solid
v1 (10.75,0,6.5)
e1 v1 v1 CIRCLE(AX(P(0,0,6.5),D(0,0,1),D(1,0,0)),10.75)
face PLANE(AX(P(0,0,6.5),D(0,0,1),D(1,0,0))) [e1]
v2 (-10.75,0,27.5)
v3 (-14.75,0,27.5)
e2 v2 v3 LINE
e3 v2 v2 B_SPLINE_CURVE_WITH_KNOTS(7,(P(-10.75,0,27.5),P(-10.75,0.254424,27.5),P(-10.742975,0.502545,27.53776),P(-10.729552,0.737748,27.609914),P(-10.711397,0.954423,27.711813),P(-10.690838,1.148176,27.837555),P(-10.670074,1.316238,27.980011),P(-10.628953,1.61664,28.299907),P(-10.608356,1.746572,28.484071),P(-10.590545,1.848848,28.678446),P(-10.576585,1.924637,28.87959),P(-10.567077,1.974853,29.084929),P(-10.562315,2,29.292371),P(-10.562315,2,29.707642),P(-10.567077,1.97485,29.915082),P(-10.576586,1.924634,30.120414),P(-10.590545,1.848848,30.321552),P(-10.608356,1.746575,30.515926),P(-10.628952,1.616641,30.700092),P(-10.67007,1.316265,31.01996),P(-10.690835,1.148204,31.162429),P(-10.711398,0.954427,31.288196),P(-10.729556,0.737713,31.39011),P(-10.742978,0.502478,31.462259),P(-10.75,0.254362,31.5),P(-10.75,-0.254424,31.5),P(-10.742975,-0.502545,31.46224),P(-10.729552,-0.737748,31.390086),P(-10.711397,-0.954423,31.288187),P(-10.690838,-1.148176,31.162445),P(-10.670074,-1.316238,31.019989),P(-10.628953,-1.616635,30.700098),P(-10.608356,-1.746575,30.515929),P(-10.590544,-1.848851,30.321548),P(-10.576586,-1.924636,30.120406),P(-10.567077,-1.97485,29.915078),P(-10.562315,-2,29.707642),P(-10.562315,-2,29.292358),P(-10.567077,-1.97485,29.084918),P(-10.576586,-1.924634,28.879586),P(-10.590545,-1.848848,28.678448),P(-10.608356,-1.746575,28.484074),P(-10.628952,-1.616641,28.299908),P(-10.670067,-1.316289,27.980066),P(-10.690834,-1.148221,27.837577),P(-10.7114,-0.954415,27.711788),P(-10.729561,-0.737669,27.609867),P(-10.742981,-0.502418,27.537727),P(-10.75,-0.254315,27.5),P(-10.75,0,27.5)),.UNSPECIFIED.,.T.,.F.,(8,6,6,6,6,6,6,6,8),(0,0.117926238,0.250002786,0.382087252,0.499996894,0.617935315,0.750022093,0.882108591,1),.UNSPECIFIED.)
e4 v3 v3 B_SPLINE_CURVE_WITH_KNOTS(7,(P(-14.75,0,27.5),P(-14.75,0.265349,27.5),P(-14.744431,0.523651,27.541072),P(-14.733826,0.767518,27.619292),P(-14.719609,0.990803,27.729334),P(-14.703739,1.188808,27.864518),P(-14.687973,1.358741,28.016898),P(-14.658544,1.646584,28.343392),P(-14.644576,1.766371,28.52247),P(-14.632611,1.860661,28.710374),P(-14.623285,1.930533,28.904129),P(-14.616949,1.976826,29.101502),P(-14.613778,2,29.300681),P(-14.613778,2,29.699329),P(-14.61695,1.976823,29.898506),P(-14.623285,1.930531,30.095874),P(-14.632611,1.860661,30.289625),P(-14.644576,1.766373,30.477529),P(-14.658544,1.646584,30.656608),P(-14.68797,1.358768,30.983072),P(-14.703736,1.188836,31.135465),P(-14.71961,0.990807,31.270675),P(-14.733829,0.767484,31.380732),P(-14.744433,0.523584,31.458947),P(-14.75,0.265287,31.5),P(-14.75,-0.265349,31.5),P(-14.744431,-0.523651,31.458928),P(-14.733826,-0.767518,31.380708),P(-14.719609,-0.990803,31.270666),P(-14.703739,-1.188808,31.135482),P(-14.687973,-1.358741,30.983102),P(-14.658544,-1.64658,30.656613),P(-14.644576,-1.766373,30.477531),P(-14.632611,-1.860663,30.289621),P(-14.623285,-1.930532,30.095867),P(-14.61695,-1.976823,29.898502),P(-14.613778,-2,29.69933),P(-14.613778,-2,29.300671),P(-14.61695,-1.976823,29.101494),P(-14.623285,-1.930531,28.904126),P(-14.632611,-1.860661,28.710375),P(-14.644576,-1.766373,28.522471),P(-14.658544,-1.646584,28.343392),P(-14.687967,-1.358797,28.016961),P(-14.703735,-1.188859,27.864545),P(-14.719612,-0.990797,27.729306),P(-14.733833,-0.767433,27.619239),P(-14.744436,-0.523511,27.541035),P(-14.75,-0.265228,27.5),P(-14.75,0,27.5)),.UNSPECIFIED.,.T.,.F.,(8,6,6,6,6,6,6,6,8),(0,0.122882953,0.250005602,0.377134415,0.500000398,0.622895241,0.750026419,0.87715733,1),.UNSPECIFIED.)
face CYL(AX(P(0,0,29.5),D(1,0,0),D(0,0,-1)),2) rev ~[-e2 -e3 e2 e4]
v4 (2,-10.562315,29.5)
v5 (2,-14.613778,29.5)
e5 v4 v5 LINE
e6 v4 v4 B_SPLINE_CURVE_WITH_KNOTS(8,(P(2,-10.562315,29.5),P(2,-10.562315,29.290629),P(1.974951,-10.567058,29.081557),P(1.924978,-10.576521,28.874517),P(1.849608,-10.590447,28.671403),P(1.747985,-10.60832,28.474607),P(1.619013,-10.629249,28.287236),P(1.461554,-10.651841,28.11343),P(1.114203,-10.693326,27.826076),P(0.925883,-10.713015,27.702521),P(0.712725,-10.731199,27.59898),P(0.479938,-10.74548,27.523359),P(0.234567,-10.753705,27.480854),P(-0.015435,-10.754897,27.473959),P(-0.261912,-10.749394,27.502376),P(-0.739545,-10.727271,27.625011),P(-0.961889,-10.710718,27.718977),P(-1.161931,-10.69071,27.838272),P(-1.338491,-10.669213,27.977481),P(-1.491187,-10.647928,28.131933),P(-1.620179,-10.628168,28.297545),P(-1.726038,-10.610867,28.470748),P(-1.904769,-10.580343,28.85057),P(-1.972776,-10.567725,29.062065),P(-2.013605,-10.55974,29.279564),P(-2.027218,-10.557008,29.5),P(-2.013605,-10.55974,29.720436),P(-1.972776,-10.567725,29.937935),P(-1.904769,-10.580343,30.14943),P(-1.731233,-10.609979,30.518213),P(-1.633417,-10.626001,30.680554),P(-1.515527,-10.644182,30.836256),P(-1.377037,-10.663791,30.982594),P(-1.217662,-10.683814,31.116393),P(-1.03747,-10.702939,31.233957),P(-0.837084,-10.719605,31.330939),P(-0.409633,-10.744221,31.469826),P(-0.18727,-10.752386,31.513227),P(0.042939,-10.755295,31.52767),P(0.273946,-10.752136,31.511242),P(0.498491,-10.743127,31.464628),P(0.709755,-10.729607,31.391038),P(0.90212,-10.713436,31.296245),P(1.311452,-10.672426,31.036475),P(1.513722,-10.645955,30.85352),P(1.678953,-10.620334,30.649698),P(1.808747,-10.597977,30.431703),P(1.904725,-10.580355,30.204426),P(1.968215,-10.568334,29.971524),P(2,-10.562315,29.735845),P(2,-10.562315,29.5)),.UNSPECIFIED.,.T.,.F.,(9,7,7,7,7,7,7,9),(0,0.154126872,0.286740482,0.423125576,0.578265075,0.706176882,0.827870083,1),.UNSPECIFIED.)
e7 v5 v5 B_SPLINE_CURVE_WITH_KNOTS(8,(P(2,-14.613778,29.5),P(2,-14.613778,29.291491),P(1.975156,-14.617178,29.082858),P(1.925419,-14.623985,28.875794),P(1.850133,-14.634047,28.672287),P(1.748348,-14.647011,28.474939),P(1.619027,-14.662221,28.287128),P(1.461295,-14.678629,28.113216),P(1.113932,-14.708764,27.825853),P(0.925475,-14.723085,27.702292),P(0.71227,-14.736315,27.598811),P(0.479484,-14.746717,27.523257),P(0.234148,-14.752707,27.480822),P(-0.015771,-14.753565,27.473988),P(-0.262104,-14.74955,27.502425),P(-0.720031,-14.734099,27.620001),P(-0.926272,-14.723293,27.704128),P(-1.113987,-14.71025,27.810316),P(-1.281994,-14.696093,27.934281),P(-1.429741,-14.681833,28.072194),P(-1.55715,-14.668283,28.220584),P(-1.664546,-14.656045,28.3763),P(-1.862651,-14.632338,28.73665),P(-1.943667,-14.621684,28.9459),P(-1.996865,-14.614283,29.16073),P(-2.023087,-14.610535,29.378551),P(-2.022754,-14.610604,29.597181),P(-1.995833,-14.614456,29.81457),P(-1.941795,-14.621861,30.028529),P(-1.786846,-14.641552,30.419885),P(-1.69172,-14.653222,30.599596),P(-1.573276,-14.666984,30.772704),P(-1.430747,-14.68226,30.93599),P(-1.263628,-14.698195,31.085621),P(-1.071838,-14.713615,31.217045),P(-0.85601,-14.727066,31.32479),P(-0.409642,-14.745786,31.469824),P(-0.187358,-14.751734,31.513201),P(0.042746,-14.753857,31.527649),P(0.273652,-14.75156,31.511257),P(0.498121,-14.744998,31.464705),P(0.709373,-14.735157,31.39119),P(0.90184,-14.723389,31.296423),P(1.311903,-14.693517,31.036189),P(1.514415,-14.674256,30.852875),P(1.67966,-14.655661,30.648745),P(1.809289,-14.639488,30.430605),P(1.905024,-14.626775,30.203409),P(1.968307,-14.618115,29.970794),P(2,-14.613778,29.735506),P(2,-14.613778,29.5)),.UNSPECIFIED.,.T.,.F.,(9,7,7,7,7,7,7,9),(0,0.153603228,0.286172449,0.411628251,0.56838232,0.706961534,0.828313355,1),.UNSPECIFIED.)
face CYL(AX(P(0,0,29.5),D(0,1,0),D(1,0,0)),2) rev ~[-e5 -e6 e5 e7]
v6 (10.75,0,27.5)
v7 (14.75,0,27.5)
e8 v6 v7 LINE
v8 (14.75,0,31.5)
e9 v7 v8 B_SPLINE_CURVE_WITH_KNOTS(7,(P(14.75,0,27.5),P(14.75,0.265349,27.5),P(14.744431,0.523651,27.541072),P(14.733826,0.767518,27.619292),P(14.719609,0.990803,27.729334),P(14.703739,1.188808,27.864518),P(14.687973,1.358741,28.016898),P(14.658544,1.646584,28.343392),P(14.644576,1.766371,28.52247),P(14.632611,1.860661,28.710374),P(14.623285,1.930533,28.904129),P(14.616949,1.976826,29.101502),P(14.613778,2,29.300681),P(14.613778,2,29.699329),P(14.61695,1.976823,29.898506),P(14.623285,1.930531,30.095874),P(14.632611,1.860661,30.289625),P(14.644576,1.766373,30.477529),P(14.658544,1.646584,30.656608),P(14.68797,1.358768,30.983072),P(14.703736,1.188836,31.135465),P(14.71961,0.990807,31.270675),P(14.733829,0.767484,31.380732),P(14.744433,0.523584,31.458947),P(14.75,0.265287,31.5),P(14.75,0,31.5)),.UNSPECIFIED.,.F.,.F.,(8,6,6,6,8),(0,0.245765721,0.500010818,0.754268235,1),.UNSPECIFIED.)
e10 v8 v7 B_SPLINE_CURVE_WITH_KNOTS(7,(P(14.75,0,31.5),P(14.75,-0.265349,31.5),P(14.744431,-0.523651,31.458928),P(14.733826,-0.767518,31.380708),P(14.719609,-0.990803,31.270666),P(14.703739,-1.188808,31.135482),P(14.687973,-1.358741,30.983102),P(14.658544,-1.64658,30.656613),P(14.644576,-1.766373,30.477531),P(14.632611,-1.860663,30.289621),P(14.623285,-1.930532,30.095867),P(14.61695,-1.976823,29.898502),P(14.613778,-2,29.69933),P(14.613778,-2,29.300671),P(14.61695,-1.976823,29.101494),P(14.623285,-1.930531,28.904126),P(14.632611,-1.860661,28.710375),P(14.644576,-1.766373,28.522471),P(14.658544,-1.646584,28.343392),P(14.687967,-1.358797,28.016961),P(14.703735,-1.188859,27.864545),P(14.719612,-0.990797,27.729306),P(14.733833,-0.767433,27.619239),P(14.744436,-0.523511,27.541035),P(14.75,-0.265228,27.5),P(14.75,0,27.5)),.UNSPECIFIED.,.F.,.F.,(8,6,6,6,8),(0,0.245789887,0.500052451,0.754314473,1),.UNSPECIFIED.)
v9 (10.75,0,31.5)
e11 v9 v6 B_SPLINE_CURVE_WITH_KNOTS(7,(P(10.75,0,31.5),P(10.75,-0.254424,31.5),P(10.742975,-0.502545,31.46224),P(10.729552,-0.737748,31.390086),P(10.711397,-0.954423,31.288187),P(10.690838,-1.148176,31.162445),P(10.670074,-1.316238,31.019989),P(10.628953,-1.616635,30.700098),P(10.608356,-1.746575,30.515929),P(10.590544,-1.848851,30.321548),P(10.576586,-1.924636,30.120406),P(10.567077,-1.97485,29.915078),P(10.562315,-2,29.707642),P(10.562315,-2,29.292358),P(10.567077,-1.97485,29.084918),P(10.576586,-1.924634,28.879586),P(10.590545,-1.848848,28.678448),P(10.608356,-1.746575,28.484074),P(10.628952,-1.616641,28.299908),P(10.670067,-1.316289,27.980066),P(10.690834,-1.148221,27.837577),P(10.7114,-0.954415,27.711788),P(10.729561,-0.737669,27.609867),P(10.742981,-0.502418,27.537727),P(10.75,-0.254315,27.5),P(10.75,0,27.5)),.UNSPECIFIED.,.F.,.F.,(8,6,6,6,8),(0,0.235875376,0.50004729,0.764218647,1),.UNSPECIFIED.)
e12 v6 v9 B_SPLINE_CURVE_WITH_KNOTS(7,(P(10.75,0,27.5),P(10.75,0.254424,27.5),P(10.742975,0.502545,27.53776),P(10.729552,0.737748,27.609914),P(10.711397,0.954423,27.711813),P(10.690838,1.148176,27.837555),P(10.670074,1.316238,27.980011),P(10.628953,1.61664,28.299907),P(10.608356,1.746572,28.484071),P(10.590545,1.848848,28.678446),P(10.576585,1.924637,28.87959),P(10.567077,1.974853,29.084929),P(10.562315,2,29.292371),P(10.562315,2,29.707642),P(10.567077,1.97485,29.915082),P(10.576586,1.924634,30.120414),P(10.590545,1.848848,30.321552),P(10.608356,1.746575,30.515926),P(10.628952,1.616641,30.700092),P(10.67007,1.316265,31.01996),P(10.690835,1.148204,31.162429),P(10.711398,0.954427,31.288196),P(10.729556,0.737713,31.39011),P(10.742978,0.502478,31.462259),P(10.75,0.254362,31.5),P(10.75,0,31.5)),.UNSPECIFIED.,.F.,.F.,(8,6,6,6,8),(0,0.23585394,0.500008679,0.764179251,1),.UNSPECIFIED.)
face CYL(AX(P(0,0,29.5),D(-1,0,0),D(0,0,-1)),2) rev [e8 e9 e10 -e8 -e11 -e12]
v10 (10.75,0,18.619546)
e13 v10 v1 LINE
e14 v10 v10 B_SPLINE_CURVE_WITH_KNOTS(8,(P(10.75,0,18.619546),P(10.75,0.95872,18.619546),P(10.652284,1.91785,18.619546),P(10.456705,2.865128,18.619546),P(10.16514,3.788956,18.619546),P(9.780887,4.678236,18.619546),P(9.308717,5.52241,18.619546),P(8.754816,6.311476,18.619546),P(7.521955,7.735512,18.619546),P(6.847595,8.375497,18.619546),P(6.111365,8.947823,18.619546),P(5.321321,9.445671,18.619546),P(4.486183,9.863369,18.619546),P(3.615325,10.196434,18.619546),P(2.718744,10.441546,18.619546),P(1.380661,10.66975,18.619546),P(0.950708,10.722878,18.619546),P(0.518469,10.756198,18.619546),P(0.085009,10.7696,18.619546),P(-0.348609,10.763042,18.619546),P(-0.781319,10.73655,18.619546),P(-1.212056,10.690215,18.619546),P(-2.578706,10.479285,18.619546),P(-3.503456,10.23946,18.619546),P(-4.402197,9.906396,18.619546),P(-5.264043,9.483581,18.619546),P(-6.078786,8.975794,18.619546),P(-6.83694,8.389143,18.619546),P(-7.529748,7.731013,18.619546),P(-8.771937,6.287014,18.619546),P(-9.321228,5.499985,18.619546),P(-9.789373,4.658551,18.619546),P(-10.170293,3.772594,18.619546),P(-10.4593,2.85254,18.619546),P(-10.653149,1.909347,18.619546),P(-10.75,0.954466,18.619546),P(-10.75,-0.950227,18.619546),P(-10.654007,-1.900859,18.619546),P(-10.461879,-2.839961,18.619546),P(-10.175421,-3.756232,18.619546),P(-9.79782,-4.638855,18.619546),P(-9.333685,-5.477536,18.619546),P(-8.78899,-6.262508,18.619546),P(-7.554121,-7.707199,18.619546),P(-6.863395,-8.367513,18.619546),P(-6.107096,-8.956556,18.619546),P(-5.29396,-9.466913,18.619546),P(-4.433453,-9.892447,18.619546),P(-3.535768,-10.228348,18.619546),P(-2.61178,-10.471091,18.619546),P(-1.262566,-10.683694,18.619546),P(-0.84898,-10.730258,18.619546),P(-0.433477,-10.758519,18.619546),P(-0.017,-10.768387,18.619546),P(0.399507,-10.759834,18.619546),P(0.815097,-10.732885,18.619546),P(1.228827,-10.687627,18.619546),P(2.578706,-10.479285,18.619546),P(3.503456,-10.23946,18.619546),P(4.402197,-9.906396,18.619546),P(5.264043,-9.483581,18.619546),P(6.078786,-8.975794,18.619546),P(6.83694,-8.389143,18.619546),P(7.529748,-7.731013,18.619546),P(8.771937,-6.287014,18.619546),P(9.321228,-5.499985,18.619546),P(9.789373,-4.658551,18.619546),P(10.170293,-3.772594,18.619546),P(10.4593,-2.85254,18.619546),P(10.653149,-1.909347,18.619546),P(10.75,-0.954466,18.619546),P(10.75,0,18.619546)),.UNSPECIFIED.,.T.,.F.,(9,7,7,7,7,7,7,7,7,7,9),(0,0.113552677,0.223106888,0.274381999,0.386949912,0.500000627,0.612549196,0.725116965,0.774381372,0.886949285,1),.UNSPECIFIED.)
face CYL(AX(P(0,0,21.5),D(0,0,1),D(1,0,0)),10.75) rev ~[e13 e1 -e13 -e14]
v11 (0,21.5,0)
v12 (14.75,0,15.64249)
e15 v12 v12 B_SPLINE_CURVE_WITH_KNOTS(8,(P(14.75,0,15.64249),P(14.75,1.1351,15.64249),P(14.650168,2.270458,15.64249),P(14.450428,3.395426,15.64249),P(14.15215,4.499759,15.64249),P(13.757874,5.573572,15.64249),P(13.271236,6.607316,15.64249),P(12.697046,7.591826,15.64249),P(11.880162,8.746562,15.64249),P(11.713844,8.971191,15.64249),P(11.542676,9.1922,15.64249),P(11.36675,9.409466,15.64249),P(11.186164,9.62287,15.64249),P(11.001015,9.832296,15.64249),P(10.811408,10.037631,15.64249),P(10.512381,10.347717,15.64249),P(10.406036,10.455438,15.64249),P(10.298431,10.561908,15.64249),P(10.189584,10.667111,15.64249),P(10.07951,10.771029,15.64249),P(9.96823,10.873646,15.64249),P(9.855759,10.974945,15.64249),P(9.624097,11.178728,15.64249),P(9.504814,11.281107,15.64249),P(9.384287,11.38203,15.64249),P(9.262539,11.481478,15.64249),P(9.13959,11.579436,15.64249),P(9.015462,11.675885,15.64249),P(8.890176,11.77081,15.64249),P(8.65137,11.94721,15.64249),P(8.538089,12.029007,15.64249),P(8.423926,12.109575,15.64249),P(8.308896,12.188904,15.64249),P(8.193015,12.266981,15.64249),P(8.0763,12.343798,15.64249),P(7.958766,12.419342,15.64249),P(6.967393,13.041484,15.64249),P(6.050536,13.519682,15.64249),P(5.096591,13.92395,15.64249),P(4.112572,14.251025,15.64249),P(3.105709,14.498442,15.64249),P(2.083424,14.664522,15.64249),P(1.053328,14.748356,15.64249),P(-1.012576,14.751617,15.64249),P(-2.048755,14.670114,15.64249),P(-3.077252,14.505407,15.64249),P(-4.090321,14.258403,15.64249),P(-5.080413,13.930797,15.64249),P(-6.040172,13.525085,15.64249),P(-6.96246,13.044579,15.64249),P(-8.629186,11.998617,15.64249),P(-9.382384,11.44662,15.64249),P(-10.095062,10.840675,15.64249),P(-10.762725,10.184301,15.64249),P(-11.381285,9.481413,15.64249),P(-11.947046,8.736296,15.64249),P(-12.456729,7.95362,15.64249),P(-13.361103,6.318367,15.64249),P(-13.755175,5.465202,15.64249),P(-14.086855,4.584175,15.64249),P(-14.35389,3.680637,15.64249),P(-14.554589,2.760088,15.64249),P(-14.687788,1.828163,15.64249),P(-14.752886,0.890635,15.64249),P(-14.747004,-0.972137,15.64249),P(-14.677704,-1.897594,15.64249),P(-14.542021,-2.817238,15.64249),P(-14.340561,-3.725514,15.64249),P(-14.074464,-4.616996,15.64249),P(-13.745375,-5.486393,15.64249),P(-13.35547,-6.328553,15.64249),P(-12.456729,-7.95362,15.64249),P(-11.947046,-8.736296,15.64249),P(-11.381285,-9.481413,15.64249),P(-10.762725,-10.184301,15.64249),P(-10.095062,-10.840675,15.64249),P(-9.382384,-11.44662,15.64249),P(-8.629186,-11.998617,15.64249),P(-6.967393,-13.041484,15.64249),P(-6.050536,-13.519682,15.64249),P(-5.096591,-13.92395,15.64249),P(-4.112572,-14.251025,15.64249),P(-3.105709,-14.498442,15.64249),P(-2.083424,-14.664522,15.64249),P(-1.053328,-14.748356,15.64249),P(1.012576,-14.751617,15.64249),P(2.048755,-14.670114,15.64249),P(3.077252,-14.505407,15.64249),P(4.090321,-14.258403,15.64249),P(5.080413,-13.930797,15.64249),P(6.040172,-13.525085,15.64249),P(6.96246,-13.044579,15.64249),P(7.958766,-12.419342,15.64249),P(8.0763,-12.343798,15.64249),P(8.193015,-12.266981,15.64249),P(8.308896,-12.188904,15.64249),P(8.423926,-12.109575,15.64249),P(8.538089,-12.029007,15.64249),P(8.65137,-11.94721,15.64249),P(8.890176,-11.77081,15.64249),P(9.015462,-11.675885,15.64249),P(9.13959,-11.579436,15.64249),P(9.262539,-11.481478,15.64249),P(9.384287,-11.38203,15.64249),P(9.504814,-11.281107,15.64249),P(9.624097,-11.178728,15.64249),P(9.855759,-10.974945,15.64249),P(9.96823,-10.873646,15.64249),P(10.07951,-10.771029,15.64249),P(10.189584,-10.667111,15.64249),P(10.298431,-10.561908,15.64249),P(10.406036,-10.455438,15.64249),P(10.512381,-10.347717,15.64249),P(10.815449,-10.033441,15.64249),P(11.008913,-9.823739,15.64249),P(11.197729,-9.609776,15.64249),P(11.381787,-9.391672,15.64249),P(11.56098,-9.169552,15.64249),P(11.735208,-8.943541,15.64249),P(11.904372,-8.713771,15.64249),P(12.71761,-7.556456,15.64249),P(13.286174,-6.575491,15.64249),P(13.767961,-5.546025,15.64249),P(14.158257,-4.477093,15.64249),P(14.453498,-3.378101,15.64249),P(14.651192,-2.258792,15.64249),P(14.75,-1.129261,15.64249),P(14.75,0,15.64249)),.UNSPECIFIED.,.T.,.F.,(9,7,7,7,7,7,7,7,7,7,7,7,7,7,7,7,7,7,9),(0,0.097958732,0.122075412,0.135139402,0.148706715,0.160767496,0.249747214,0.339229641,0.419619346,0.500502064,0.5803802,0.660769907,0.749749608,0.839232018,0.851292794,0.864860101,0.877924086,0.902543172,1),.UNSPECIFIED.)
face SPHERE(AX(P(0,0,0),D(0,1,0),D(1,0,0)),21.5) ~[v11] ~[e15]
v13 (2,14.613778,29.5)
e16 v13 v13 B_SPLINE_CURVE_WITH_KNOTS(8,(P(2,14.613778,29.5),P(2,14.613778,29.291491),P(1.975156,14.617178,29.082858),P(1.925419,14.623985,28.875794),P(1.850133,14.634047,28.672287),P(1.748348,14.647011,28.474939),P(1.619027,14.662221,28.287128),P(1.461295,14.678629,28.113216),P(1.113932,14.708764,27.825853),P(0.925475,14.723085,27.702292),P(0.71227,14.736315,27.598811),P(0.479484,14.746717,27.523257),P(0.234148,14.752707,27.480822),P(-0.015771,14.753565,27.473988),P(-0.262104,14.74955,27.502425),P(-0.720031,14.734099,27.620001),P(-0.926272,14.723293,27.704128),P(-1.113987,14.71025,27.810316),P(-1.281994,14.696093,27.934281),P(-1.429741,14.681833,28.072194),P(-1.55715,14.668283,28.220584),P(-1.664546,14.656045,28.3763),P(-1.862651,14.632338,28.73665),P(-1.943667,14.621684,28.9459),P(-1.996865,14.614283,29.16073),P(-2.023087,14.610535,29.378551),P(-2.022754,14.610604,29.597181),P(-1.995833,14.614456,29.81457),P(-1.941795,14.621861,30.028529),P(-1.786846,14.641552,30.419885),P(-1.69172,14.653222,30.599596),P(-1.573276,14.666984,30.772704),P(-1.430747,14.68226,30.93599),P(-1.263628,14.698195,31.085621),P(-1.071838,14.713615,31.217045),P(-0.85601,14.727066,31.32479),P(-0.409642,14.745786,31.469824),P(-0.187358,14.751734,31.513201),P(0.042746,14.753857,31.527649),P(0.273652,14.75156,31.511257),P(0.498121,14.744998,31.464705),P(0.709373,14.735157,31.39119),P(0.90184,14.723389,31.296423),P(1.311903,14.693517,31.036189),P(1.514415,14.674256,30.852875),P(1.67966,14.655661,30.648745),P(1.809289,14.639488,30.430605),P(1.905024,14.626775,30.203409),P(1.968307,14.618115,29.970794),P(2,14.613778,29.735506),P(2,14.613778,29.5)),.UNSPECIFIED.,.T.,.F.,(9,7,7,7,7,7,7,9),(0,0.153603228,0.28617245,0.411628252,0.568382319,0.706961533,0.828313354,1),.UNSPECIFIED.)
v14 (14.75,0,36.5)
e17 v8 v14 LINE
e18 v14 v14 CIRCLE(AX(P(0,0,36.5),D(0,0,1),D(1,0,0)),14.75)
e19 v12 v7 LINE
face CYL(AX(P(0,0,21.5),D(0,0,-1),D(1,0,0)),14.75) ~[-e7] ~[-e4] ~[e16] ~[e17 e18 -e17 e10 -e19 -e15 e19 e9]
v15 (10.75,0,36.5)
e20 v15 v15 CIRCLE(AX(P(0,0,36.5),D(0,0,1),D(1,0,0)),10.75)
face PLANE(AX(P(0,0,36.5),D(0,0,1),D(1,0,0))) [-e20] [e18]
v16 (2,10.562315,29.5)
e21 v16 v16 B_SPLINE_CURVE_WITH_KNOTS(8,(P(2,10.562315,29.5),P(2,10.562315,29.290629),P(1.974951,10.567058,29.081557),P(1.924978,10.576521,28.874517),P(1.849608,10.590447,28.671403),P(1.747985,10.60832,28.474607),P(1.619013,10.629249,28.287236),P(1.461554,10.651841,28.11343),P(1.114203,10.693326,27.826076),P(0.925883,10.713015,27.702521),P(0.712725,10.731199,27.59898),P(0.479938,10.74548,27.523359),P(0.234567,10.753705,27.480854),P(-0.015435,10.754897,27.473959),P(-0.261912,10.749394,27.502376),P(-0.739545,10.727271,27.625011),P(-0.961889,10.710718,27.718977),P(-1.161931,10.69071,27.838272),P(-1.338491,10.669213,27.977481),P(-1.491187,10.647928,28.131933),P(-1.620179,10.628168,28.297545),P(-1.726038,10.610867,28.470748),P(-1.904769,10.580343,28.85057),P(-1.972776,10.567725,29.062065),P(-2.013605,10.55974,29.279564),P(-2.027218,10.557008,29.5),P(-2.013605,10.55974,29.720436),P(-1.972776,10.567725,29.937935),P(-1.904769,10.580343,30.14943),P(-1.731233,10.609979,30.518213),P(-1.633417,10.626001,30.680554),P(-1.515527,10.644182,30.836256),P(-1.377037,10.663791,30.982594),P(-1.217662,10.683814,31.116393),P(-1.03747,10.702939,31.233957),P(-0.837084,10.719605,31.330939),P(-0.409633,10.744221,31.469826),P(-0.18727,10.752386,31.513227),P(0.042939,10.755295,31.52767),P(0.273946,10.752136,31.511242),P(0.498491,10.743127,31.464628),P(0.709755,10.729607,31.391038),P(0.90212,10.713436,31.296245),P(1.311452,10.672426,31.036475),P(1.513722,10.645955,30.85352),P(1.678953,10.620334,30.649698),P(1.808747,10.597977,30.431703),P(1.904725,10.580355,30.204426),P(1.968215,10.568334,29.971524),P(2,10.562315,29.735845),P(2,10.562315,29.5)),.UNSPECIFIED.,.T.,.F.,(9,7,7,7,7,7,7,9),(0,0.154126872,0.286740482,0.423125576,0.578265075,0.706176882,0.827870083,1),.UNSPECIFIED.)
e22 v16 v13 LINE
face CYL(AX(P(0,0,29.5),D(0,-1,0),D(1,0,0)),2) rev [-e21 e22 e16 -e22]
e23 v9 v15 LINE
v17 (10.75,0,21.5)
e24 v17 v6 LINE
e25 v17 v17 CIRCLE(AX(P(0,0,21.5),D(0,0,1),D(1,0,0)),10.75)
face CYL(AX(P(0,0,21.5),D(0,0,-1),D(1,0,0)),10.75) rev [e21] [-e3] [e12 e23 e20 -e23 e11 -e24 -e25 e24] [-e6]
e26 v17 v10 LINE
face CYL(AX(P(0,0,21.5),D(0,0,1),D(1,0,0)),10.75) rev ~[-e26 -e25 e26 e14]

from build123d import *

# Parameters (mm, degrees)
SKETCH2_R               = 10.75
CUT_EXTRUDE1_DEPTH      = 15
BOSS_EXTRUDE1_REACH     = 45
SKETCH3_R               = 14.75
SKETCH3_R_2             = 10.75
SKETCH4_R               = 14.75
SKETCH4_R_2             = 10.75
BOSS_EXTRUDE2_DEPTH     = 15
SKETCH5_R               = 2
CUT_EXTRUDE2_DEPTH      = 22.5
CUT_EXTRUDE2_DEPTH_BACK = 22.5
SKETCH7_R               = 2
CUT_EXTRUDE3_DEPTH      = 22.5
CUT_EXTRUDE3_DEPTH_BACK = 22.5


with BuildPart() as part:
    # Sketch1 → Revolve1 (revolve)
    with BuildSketch(Plane.XY):
        with BuildLine():
            Line((0, 21.5), (0, -21.5))
            ThreePointArc((0, -21.5), (21.5, 0), (0, 21.5))
        make_face()
    revolve(axis=Axis((0, 21.5, 0), (0, -1, 0)))

    # Sketch2 → Cut-Extrude1 (cut)
    with BuildSketch(Plane.XY.offset(21.5)):
        Circle(SKETCH2_R)
    extrude(amount=-CUT_EXTRUDE1_DEPTH, mode=Mode.SUBTRACT)

    # Sketch3 → Boss-Extrude1 (add, up to next)
    with BuildSketch(Plane.XY.offset(21.5), mode=Mode.PRIVATE) as boss_extrude1_sk1:
        Circle(SKETCH3_R)
        Circle(SKETCH3_R_2, mode=Mode.SUBTRACT)
    boss_extrude1_tool1 = extrude(boss_extrude1_sk1.sketch, amount=-BOSS_EXTRUDE1_REACH, mode=Mode.PRIVATE) - part.part
    add(boss_extrude1_tool1.solids().sort_by_distance((-14.332807, 0, 21.5))[0])

    # Sketch4 → Boss-Extrude2 (add)
    with BuildSketch(Plane.XY.offset(21.5)):
        Circle(SKETCH4_R)
        Circle(SKETCH4_R_2, mode=Mode.SUBTRACT)
    extrude(amount=BOSS_EXTRUDE2_DEPTH)

    # Sketch5 → Cut-Extrude2 (cut, two sides)
    with BuildSketch(Plane(origin=(0, 0, 0), x_dir=(1, 0, 0), z_dir=(0, 1, 0))) as cut_extrude2_sk:
        with Locations((0, -29.5)):
            Circle(SKETCH5_R)
    extrude(amount=CUT_EXTRUDE2_DEPTH, mode=Mode.SUBTRACT)
    extrude(cut_extrude2_sk.sketch, amount=-CUT_EXTRUDE2_DEPTH_BACK, mode=Mode.SUBTRACT)

    # Sketch7 → Cut-Extrude3 (cut, two sides)
    with BuildSketch(Plane(origin=(0, 0, 0), x_dir=(0, 0, -1), z_dir=(1, 0, 0))) as cut_extrude3_sk:
        with Locations((-29.5, 0)):
            Circle(SKETCH7_R)
    extrude(amount=CUT_EXTRUDE3_DEPTH, mode=Mode.SUBTRACT)
    extrude(cut_extrude3_sk.sketch, amount=-CUT_EXTRUDE3_DEPTH_BACK, mode=Mode.SUBTRACT)


solid = part.part
